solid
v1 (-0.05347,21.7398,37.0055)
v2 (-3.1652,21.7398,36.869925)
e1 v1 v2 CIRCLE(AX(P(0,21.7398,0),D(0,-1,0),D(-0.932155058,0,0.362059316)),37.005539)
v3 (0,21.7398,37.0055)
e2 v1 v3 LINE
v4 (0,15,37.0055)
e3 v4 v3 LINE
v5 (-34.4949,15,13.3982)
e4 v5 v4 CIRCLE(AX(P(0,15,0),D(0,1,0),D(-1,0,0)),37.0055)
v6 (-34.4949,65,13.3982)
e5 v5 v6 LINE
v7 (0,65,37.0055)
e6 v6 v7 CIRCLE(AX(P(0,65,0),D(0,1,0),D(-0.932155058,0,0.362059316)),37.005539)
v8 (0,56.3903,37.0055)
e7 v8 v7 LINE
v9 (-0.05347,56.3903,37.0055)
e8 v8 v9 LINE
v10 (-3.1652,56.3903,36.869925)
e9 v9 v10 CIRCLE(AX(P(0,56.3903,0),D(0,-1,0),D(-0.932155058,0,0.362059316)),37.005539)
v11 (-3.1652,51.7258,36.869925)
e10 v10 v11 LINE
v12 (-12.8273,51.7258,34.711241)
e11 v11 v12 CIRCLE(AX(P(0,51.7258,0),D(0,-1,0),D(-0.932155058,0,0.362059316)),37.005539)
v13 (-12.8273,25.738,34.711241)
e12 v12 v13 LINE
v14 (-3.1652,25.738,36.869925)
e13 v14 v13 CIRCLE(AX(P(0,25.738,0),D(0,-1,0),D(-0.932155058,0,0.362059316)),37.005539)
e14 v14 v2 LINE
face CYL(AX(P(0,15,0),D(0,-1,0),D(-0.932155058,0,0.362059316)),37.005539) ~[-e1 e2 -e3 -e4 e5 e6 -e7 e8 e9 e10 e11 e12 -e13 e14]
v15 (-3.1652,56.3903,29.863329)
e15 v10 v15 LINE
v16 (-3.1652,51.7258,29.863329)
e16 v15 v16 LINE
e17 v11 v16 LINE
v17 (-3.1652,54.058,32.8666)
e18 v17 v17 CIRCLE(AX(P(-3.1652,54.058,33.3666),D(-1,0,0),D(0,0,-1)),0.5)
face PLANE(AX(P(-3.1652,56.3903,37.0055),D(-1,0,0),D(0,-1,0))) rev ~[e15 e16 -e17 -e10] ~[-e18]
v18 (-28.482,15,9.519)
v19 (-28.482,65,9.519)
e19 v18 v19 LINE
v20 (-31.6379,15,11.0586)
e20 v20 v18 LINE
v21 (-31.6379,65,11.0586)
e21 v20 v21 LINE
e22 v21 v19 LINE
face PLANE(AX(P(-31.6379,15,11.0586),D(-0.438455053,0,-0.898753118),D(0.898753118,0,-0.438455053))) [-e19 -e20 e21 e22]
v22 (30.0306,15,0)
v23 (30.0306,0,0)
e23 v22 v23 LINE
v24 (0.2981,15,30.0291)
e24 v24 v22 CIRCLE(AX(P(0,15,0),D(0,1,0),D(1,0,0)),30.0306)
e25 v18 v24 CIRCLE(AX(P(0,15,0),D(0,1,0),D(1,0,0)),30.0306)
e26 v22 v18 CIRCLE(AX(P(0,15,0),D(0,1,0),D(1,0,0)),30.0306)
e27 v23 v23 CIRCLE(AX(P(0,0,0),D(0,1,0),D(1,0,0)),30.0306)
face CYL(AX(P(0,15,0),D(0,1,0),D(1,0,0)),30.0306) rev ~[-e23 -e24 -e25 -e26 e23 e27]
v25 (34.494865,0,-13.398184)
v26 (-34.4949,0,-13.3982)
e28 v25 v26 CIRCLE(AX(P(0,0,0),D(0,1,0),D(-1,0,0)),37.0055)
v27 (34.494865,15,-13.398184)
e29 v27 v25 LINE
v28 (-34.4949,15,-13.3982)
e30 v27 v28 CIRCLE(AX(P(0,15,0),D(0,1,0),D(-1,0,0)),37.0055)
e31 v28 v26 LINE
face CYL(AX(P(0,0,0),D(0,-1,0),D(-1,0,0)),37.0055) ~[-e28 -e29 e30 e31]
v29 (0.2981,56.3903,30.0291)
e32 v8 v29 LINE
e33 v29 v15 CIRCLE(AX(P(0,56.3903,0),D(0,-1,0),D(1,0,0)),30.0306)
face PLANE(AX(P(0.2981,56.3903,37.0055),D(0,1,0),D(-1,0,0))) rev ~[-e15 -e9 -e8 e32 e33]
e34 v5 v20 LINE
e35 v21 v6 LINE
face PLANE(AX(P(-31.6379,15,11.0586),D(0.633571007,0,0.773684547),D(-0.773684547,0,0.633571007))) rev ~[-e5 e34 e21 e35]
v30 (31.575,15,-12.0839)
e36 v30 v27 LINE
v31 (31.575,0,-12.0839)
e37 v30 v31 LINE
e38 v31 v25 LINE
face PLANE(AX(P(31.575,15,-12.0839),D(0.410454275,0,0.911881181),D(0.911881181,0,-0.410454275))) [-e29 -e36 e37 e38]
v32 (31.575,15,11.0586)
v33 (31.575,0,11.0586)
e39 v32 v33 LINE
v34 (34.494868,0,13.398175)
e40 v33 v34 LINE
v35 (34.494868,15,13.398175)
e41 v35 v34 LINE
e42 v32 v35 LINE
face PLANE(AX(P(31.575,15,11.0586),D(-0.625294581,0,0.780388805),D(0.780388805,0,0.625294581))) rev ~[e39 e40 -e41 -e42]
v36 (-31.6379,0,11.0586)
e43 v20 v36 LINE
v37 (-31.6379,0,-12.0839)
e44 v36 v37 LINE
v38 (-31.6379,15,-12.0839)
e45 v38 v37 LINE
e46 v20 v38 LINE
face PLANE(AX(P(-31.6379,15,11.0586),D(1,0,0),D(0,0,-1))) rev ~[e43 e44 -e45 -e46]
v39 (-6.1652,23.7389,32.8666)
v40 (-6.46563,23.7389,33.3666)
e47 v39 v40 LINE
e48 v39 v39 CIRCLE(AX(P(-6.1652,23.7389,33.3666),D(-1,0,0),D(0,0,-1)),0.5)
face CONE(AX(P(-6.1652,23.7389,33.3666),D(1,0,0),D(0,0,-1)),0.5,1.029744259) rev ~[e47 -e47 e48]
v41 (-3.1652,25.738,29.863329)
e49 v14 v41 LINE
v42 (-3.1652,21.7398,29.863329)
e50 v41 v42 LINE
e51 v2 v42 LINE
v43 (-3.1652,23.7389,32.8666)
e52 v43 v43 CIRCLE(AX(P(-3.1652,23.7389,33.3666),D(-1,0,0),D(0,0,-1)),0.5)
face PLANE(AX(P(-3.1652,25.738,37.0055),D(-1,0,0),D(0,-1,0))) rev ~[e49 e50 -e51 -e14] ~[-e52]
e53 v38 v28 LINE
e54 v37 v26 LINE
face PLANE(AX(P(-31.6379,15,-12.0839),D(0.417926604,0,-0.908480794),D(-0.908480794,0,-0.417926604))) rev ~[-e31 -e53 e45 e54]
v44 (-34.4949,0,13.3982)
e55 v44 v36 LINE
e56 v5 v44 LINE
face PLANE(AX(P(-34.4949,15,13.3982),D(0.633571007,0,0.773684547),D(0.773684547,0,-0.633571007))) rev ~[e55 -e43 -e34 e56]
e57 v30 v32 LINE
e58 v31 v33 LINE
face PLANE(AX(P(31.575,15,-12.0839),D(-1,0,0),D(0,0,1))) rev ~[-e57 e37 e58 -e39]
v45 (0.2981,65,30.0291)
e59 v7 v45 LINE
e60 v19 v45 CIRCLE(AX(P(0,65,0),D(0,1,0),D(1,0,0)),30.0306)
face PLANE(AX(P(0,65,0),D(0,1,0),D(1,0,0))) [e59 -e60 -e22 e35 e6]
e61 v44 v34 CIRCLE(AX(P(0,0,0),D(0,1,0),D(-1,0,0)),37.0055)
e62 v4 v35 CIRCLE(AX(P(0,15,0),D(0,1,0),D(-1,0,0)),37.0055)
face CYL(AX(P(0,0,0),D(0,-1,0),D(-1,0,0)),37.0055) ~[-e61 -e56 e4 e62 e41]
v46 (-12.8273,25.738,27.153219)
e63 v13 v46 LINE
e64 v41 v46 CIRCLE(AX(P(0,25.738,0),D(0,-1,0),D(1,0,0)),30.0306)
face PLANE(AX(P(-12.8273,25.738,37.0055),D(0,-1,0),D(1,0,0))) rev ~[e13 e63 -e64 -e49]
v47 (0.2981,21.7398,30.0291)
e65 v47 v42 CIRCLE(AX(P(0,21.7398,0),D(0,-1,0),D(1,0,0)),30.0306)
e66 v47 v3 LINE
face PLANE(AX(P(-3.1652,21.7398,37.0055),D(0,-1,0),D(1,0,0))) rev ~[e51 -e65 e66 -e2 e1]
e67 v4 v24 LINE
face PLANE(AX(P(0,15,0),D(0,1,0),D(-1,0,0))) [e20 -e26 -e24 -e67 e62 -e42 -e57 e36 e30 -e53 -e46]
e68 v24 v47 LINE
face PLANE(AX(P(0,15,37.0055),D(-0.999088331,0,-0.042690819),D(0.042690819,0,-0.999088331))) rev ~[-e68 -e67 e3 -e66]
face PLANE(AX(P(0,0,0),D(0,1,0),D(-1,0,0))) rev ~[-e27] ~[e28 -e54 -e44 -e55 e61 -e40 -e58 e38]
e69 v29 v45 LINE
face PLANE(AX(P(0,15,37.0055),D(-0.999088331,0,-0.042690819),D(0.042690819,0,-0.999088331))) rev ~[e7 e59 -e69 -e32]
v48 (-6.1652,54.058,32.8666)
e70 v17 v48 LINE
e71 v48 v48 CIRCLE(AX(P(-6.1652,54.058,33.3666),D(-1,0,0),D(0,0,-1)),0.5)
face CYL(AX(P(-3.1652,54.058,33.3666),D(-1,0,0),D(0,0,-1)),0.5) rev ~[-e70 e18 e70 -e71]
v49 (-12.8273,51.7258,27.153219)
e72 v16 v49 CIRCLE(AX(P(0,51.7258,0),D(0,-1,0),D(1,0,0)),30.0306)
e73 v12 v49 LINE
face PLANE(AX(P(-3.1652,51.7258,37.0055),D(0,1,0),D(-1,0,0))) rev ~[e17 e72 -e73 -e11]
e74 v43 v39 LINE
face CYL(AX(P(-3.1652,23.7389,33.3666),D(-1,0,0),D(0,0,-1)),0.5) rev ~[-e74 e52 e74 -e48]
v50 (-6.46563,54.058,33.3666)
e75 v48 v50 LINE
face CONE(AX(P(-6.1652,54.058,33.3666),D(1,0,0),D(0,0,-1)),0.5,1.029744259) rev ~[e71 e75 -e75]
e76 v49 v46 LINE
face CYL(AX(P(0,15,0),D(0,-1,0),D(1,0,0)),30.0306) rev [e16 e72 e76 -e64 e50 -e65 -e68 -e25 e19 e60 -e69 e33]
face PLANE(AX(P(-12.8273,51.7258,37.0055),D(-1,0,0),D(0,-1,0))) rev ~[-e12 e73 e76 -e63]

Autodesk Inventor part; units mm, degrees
ref_plane "YZ Plane" through (0, 0, 0) normal (1, 0, 0) x (0, 1, 0)
ref_plane "XZ Plane" through (0, 0, 0) normal (0, 1, 0) x (-1, 0, 0)
sketch "Sketch1" plane through (0, 0, 0) normal (0, 1, 0) x (-1, 0, 0)
  circle A0 centre (0, 0) radius 37.0055
  circle A1 centre (0, 0) radius 29.8875
extrude "Extrusion1" add sketch "Sketch1" along normal blind 15 contours A0 | A1
sketch "Sketch2" plane through (0, 15, 0) normal (0, 1, 0) x (1, 0, 0)
  circle A0 centre (0, 0) radius 37.0055 projected
  circle A1 centre (0, 0) radius 30.0306
extrude "Extrusion2" cut sketch "Sketch2" against normal blind 15 contours A1
sketch "Sketch3" plane through (0, 15, 0) normal (0, 1, 0) x (1, 0, 0)
  circle A0 centre (0, 0) radius 37.0055 projected
  line L0 (-34.4949, -13.3982) -> (-31.6379, -11.0586)
  line L1 (-31.6379, -11.0586) -> (-31.6379, 12.0839)
  line L2 (-31.6379, 12.0839) -> (-34.4949, 13.3982)
extrude "Extrusion3" cut sketch "Sketch3" against normal blind 15 contours L2 L1 L0 A0 picked at (-33.4271, 0.3418)
sketch "Sketch4" plane through (0, 15, 0) normal (0, 1, 0) x (1, 0, 0)
  arc A0 (-34.4949, -13.3982) -> (-34.4949, 13.3982) centre (0, 0) ccw projected
  line L0 (-31.6379, -11.0586) -> (-31.6379, 12.0839) projected
  line L1 (31.575, 12.0839) -> (31.575, -11.0586)
  line L2 (31.575, -11.0586) -> (34.4949, -13.3982)
  line L3 (31.575, 12.0839) -> (34.4949, 13.3982)
extrude "Extrusion4" cut sketch "Sketch4" against normal blind 15
sketch "Sketch5" plane through (0, 15, 0) normal (0, 1, 0) x (1, 0, 0)
  circle A0 centre (0, 0) radius 30.0306 projected
  line L0 (-31.6379, -11.0586) -> (-34.4949, -13.3982) projected
  arc A1 (-34.4949, -13.3982) -> (34.4949, -13.3982) centre (0, 0) ccw projected
  line L1 (-31.6379, -11.0586) -> (-31.6379, 12.0839) projected
  circle A2 centre (0, 0) radius 30.0306 projected
  line L2 (-31.6379, -11.0586) -> (-28.482, -9.519)
  line L3 (0, -37.0055) -> (0.2981, -30.0291)
extrude "Extrusion5" add sketch "Sketch5" along normal blind 50 contours A0 L3 A1 L0 L2
ref_plane "Work Plane1" through (0, 15, 37.0055) normal (0, 0, 1) x (1, 0, 0)
sketch "Sketch6" plane through (0, 15, 37.0055) normal (0, 0, 1) x (1, 0, 0)
  line L0 (0.2981, 0) -> (0.2981, 50) projected
  line L1 (0.2981, 41.3903) -> (-3.1652, 41.3903)
  line L2 (-3.1652, 41.3903) -> (-3.1652, 36.7258)
  line L3 (-3.1652, 36.7258) -> (-12.8273, 36.7258)
  line L4 (-12.8273, 36.7258) -> (-12.8273, 10.738)
  line L5 (-12.8273, 10.738) -> (-3.1652, 10.738)
  line L6 (-3.1652, 10.738) -> (-3.1652, 6.7398)
  line L7 (-3.1652, 6.7398) -> (0.2981, 6.7398)
  point P0 (0, -15)
extrude "Extrusion6" cut sketch "Sketch6" against normal blind 10
hole "Hole1" at (-3.1652, 23.7389, 33.3666) direction (-1, 0, 0) diameter 1 depth 3 tip angle 118
hole "Hole2" at (-3.1652, 54.058, 33.3666) direction (-1, 0, 0) diameter 1 depth 3 tip angle 118
properties part number "X-axis-gimbal-part"
